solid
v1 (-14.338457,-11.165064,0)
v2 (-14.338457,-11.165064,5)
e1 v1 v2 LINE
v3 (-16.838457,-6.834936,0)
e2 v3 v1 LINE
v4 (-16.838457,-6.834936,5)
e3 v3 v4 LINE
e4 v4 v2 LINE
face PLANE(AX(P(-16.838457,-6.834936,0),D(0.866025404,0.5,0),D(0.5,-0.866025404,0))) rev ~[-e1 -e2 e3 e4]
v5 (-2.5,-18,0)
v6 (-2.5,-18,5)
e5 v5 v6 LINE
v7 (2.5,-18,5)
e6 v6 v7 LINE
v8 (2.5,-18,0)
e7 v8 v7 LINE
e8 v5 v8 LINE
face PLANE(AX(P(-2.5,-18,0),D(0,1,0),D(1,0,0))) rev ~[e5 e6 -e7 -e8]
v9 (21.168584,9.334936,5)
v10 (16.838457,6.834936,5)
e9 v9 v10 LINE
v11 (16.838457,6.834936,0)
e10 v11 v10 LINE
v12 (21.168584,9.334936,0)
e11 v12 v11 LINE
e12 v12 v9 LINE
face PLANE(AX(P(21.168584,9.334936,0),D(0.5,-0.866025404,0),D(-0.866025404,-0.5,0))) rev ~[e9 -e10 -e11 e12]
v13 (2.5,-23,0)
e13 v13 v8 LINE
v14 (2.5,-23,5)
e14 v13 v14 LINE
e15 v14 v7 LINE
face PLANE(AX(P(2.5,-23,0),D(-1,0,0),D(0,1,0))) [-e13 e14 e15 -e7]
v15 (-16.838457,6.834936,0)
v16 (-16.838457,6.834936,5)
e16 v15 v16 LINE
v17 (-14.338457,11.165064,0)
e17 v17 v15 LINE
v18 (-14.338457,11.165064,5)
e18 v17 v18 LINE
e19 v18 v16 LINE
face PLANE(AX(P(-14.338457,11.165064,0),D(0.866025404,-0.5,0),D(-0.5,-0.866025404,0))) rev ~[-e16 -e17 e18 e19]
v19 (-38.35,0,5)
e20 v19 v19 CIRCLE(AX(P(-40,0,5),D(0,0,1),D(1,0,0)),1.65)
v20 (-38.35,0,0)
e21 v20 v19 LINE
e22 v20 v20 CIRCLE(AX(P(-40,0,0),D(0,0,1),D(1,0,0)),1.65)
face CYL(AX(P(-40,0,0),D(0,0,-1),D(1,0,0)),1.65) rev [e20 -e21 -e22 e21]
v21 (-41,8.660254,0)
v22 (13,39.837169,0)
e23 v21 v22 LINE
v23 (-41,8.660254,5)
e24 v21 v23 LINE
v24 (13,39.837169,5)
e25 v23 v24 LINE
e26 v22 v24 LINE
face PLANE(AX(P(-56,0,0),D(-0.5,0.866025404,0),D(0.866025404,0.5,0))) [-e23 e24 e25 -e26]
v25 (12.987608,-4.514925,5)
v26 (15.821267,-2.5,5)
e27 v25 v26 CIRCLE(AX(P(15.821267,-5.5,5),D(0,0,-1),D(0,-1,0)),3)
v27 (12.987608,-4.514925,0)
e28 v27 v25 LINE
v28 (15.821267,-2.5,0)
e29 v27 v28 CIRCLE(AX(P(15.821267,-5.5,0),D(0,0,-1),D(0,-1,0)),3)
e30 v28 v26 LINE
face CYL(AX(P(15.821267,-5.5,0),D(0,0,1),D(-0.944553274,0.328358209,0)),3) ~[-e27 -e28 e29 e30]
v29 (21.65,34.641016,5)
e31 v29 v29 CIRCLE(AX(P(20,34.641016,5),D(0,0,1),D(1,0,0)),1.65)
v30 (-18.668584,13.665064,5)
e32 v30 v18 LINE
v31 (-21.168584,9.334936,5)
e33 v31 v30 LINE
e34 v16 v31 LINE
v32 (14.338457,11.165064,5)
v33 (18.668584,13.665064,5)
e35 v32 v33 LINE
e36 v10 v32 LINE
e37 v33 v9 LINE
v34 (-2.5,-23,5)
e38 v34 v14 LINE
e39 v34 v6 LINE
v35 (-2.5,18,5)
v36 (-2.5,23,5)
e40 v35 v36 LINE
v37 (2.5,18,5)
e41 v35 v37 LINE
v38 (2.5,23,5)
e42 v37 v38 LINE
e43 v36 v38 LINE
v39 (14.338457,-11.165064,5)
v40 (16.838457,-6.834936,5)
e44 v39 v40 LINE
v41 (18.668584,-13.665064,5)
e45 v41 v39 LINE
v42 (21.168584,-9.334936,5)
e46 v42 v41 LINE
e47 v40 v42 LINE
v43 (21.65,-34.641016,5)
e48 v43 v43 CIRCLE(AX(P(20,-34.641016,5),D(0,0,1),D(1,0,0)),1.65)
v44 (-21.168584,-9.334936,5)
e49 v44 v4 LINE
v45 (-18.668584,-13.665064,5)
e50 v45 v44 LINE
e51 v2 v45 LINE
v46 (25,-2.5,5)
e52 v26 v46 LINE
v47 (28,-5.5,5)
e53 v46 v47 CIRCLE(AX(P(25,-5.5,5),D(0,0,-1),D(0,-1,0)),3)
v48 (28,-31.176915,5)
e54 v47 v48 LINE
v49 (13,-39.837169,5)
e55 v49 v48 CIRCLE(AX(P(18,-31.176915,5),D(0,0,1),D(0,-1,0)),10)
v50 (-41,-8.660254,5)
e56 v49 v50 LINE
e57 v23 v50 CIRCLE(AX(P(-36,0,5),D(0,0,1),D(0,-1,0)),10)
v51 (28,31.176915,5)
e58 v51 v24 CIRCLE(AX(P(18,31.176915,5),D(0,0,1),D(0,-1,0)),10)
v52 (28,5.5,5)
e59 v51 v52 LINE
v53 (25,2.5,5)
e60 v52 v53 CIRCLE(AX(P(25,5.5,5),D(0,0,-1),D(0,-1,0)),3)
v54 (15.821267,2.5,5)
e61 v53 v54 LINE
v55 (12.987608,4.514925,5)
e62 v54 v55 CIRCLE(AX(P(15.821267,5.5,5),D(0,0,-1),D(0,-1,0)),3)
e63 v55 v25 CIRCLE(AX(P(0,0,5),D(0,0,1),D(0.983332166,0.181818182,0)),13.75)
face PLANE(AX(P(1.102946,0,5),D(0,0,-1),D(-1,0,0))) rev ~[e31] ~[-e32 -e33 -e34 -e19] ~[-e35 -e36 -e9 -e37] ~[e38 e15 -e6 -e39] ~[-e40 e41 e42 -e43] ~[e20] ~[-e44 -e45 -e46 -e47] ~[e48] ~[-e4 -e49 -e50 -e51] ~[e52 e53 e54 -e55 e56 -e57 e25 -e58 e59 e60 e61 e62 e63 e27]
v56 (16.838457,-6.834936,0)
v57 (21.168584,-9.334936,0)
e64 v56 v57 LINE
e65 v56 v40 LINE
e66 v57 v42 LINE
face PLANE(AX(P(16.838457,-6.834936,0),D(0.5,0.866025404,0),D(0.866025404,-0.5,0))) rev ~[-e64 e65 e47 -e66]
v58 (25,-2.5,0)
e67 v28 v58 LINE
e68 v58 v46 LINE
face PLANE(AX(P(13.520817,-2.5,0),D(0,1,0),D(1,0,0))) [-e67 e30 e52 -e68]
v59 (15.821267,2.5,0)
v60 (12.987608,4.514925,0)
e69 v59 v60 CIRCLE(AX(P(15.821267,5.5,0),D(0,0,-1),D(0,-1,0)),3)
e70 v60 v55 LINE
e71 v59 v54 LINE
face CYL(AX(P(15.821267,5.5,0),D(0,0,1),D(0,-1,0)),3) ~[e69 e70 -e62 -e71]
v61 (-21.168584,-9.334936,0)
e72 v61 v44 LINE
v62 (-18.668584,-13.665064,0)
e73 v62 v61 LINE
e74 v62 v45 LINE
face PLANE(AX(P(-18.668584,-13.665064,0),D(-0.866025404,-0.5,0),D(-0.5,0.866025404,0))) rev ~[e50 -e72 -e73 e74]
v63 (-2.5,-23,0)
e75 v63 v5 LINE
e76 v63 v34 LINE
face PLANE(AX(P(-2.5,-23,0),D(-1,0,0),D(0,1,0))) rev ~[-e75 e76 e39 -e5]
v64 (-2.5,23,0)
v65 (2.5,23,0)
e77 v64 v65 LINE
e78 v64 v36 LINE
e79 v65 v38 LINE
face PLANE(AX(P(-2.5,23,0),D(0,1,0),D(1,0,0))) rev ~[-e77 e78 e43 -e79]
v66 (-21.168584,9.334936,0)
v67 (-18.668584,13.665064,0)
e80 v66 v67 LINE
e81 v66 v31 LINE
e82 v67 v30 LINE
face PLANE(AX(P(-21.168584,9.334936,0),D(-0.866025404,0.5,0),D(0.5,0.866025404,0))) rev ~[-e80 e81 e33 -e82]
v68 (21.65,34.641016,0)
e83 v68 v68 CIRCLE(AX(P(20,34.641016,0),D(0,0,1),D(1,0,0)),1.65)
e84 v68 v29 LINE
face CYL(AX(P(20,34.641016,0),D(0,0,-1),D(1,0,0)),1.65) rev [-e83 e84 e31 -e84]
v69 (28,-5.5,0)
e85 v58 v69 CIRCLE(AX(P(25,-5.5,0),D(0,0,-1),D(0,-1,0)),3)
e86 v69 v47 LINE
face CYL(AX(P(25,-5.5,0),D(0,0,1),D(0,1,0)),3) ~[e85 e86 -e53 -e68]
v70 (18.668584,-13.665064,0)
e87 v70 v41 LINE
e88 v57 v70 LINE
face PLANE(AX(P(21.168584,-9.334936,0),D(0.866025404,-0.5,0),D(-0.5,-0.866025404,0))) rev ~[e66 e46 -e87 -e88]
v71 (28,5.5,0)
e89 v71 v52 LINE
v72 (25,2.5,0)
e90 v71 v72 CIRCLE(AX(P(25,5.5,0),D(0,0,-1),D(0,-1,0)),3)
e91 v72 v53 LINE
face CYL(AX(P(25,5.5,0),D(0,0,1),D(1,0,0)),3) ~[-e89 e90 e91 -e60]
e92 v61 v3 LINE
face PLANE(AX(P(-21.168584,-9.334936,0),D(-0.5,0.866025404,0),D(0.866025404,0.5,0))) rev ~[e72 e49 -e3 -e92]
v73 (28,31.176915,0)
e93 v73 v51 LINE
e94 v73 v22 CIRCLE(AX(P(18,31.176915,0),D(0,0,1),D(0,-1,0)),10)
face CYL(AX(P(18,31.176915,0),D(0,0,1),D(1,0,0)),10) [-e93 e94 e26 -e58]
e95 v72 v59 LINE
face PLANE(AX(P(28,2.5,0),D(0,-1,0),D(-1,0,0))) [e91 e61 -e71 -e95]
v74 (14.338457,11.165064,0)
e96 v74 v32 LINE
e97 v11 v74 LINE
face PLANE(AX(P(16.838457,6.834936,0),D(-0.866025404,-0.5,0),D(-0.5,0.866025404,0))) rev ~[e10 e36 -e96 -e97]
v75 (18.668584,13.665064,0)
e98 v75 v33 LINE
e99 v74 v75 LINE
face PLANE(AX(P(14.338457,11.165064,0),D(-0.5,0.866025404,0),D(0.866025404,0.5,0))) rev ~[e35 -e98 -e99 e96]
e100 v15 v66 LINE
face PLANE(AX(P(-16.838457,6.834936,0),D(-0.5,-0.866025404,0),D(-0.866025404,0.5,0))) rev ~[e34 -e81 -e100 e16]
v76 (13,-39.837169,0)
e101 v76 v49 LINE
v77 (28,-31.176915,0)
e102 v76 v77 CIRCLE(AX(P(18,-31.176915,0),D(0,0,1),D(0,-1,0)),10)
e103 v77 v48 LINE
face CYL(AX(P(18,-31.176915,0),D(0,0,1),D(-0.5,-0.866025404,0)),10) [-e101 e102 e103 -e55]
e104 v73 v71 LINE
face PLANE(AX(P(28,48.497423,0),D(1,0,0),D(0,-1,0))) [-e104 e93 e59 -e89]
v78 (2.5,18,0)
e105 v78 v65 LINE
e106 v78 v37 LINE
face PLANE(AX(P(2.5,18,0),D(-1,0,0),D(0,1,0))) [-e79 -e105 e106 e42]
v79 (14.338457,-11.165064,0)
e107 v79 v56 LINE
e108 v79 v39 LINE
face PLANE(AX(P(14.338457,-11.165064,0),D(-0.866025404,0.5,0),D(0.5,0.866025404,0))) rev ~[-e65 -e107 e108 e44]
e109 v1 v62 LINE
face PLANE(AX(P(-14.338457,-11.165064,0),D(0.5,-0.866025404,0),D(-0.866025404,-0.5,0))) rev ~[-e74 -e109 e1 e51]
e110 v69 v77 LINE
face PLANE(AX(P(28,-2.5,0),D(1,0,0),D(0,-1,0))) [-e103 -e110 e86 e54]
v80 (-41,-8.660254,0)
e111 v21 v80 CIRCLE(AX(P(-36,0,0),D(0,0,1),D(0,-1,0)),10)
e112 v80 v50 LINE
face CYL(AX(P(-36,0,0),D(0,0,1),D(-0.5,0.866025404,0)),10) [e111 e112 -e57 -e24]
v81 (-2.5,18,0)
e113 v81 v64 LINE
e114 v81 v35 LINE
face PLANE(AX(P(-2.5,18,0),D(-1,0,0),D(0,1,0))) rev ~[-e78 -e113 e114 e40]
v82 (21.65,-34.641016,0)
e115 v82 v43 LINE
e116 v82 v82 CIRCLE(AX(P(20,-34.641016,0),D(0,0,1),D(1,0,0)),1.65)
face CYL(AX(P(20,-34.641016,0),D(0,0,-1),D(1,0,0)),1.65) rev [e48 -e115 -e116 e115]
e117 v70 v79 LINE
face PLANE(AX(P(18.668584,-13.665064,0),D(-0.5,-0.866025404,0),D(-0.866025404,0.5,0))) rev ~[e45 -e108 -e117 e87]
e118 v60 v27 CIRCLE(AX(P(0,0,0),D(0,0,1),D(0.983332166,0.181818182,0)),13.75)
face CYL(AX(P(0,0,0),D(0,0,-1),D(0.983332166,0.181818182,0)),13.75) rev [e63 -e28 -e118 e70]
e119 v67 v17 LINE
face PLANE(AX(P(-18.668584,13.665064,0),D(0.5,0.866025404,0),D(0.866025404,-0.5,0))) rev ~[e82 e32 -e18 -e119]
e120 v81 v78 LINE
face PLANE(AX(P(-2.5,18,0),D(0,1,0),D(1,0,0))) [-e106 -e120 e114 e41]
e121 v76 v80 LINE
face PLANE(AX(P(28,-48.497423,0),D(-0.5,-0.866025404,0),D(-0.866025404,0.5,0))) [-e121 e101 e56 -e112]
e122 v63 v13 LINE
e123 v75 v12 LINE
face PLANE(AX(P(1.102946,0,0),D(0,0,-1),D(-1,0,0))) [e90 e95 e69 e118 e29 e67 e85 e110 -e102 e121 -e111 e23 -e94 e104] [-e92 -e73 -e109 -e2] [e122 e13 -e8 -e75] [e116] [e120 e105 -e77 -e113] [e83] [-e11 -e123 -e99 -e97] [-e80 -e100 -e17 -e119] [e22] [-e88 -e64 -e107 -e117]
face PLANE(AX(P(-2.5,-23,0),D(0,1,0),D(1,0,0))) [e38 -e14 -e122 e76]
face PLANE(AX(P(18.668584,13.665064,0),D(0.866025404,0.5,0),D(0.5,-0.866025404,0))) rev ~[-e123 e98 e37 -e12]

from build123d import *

# Parameters (mm, degrees)
SKETCH1_R           = 1.65
SKETCH1_W           = 5
SKETCH1_H           = 5
BOSS_EXTRUDE1_DEPTH = 5
CONG_1_R            = 10
CONG_2_R            = 3


with BuildPart() as part:
    # Sketch1 → Boss-Extrude1 (new body)
    with BuildSketch(Plane.XY):
        with BuildLine():
            Line((28, 2.5), (13.520817283, 2.5))
            ThreePointArc((13.520817283, 2.5), (-13.75, 0), (13.520817283, -2.5))
            Line((13.520817283, -2.5), (28, -2.5))
            Line((28, -2.5), (28, -48.497422612))
            Line((28, -48.497422612), (-56, 0))
            Line((-56, 0), (28, 48.497422612))
            Line((28, 48.497422612), (28, 2.5))
        make_face()
        with Locations((20, 34.641016151)):
            Circle(SKETCH1_R, mode=Mode.SUBTRACT)
        with Locations((20, -34.641016151)):
            Circle(SKETCH1_R, mode=Mode.SUBTRACT)
        with Locations((-40, 0)):
            Circle(SKETCH1_R, mode=Mode.SUBTRACT)
        with Locations((0, 20.5)):
            Rectangle(SKETCH1_W, SKETCH1_H, mode=Mode.SUBTRACT)
        Polygon((21.168584287, 9.334936491), (16.838457268, 6.834936491), (14.338457268, 11.165063509), (18.668584287, 13.665063509), align=None, mode=Mode.SUBTRACT)
        Polygon((18.668584287, -13.665063509), (14.338457268, -11.165063509), (16.838457268, -6.834936491), (21.168584287, -9.334936491), align=None, mode=Mode.SUBTRACT)
        with Locations((0, -20.5)):
            Rectangle(SKETCH1_W, SKETCH1_H, mode=Mode.SUBTRACT)
        Polygon((-21.168584287, -9.334936491), (-16.838457268, -6.834936491), (-14.338457268, -11.165063509), (-18.668584287, -13.665063509), align=None, mode=Mode.SUBTRACT)
        Polygon((-18.668584287, 13.665063509), (-14.338457268, 11.165063509), (-16.838457268, 6.834936491), (-21.168584287, 9.334936491), align=None, mode=Mode.SUBTRACT)
    extrude(amount=BOSS_EXTRUDE1_DEPTH)

    # Congé1
    cong_1_edges = [part.edges().sort_by_distance(p)[0] for p in [
        (28, -48.497422612, 2.5),
        (-56, 0, 2.5),
        (28, 48.497422612, 2.5),
    ]]
    fillet(cong_1_edges, radius=CONG_1_R)

    # Congé2
    cong_2_edges = [part.edges().sort_by_distance(p)[0] for p in [
        (28, 2.5, 2.5),
        (13.520817283, 2.5, 2.5),
        (13.520817283, -2.5, 2.5),
        (28, -2.5, 2.5),
    ]]
    fillet(cong_2_edges, radius=CONG_2_R)


solid = part.part
